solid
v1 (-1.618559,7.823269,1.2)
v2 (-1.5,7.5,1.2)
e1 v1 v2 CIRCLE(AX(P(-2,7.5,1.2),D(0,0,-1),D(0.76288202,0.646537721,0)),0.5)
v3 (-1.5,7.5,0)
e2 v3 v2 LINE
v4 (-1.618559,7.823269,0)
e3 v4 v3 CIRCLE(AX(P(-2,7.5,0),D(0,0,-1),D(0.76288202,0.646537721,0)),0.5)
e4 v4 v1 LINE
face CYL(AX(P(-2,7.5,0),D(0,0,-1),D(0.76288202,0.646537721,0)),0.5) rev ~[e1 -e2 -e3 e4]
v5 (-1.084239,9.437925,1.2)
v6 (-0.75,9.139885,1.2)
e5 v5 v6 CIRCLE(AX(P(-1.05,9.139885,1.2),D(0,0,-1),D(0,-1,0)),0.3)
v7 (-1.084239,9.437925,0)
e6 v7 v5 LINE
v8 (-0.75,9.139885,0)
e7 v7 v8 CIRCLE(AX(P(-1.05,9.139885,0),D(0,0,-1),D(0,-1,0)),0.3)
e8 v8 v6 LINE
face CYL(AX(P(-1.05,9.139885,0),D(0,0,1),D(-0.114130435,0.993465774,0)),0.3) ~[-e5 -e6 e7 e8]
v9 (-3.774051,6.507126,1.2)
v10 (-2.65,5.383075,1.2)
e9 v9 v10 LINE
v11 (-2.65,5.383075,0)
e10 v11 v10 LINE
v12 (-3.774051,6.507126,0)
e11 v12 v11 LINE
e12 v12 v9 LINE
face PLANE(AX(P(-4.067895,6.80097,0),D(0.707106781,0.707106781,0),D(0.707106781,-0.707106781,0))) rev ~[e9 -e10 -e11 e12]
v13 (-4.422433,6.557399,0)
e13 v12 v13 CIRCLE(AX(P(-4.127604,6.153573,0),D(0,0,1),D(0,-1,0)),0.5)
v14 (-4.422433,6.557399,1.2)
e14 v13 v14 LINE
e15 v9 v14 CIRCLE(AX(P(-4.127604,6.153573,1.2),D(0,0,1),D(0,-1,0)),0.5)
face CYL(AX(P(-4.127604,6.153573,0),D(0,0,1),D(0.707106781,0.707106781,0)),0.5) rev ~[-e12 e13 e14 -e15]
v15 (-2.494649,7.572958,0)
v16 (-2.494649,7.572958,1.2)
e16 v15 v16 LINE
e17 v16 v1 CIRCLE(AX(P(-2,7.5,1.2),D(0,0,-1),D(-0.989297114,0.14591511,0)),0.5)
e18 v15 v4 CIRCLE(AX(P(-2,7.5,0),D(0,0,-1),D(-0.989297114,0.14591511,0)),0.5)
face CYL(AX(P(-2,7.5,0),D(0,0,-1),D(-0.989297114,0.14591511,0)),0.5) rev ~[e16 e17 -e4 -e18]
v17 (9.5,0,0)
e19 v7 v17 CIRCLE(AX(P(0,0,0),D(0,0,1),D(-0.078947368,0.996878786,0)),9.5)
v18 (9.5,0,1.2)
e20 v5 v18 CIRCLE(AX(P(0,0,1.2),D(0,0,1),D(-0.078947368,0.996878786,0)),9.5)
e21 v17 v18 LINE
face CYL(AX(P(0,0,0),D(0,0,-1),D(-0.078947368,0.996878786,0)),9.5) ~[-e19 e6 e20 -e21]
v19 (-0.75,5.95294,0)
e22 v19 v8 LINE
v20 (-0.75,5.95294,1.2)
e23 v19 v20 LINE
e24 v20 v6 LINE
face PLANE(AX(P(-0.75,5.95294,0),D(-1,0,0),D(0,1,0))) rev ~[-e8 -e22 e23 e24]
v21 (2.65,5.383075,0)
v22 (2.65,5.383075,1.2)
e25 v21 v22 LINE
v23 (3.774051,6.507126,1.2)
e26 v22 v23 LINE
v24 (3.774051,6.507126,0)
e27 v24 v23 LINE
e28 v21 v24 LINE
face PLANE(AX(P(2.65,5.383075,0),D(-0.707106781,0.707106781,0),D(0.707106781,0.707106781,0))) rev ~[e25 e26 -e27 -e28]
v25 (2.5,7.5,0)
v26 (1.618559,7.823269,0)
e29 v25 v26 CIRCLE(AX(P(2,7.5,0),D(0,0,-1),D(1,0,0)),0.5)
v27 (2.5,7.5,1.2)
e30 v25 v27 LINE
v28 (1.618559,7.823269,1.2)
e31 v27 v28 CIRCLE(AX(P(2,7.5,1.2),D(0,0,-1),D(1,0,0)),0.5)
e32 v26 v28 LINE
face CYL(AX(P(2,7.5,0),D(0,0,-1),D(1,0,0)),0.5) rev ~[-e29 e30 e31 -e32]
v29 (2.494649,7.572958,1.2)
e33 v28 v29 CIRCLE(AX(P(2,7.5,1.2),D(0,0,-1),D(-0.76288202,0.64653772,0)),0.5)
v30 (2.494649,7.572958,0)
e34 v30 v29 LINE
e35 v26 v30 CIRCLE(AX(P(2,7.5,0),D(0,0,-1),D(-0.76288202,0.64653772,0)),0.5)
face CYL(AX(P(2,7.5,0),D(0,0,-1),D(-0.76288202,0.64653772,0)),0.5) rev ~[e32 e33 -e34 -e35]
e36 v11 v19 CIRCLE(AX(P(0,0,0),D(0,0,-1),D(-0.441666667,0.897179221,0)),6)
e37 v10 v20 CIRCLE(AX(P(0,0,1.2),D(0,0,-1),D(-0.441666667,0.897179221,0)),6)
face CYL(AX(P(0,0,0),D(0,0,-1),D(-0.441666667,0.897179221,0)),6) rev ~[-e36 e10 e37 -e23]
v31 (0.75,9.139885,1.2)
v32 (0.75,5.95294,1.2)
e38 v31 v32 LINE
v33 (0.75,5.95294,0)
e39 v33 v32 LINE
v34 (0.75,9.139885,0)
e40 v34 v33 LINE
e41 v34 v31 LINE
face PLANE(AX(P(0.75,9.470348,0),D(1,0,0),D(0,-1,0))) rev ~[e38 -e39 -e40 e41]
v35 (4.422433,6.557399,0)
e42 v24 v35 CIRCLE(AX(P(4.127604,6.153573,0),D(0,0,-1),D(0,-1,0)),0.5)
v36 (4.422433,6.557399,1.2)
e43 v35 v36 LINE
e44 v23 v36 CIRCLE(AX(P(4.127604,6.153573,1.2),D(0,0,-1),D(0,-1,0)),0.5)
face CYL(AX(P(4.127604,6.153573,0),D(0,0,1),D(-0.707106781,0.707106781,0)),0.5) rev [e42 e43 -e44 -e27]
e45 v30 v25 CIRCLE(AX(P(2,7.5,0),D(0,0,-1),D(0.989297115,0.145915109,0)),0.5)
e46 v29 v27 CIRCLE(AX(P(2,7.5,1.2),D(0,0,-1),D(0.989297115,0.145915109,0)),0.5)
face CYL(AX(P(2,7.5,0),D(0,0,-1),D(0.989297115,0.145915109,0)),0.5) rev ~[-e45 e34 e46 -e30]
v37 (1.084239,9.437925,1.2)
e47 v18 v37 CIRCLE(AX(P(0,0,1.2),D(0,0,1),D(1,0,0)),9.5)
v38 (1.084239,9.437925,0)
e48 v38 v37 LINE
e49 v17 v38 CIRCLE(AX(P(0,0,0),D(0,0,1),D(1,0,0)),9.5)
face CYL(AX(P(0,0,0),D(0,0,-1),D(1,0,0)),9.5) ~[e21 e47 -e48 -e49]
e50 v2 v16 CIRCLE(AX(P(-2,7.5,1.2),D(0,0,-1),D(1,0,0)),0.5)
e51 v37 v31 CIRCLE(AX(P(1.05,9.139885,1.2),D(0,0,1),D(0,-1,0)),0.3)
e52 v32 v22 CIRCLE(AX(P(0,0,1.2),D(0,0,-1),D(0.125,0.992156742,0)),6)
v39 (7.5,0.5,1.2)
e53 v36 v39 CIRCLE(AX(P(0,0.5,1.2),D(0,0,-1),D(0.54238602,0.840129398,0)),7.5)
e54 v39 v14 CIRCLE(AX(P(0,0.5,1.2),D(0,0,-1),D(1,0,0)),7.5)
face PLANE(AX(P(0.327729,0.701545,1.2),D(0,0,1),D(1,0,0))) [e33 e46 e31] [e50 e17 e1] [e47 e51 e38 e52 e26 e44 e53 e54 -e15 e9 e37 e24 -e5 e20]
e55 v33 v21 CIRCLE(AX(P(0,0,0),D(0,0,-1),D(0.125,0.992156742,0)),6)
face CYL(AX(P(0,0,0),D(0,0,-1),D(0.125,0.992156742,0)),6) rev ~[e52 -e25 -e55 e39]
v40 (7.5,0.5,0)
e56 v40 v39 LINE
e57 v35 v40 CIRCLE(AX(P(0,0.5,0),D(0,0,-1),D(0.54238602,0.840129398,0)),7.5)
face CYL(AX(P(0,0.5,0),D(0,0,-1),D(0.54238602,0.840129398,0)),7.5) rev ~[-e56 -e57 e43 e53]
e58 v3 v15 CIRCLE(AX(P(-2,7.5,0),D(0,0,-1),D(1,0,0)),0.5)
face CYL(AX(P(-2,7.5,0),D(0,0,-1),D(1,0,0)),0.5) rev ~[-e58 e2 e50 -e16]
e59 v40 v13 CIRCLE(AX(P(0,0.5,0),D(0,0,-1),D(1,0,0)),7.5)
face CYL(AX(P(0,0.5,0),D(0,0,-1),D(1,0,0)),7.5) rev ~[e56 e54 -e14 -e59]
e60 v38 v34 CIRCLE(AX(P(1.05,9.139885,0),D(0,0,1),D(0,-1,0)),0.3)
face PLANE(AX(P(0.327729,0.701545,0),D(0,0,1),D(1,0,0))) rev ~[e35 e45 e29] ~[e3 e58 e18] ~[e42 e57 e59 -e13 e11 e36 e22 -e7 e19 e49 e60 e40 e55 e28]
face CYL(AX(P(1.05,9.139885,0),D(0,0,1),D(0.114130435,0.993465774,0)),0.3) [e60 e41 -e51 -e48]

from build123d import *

# Parameters (mm, degrees)
F1_DEPTH = 1.2
F2_R     = 0.3
F3_R     = 0.5


with BuildPart() as f1:
    # F0 (on Top) → F1 (new body)
    with BuildSketch(Plane.XY):
        with BuildLine():
            ThreePointArc((-0.75, 9.4703484624), (-6.4468984791, -6.9776428685), (9.5, 0))
            ThreePointArc((9.5, 0), (6.9776428685, 6.4468984791), (0.75, 9.4703484624))
            Line((0.75, 9.4703484624), (0.75, 7.9624057783))
            ThreePointArc((0.75, 7.9624057783), (1.1863210749, 7.9055818345), (1.61855899, 7.82326886))
            ThreePointArc((1.61855899, 7.82326886), (2.1373605639, 7.9807619738), (2.4946485572, 7.5729575551))
            ThreePointArc((2.4946485572, 7.5729575551), (3.3038970926, 7.2330724043), (4.0678951533, 6.8009704825))
            ThreePointArc((4.0678951533, 6.8009704825), (6.5863196722, 4.0875330208), (7.5, 0.5))
            ThreePointArc((7.5, 0.5), (-3.5875330208, -6.0863196722), (-4.0678951533, 6.8009704825))
            ThreePointArc((-4.0678951533, 6.8009704825), (-3.3038970926, 7.2330724043), (-2.4946485572, 7.5729575551))
            ThreePointArc((-2.4946485572, 7.5729575551), (-2.1373605639, 7.9807619738), (-1.61855899, 7.82326886))
            ThreePointArc((-1.61855899, 7.82326886), (-1.1863210749, 7.9055818345), (-0.75, 7.9624057783))
            Line((-0.75, 7.9624057783), (-0.75, 9.4703484624))
        make_face()
        with BuildLine():
            Line((-0.75, 5.9529404499), (-0.75, 7.9624057783))
            ThreePointArc((-0.75, 7.9624057783), (-1.1863210749, 7.9055818345), (-1.61855899, 7.82326886))
            ThreePointArc((-1.61855899, 7.82326886), (-1.5305745506, 7.6721619804), (-1.5, 7.5))
            ThreePointArc((-1.5, 7.5), (-2.0365767781, 7.0013396554), (-2.4946485572, 7.5729575551))
            ThreePointArc((-2.4946485572, 7.5729575551), (-3.3038970926, 7.2330724043), (-4.0678951533, 6.8009704825))
            Line((-4.0678951533, 6.8009704825), (-2.65, 5.3830753292))
            ThreePointArc((-2.65, 5.3830753292), (-1.7237130167, 5.7470699871), (-0.75, 5.9529404499))
        make_face()
        with BuildLine():
            ThreePointArc((1.61855899, 7.82326886), (1.1863210749, 7.9055818345), (0.75, 7.9624057783))
            Line((0.75, 7.9624057783), (0.75, 5.9529404499))
            ThreePointArc((0.75, 5.9529404499), (1.7237130167, 5.7470699871), (2.65, 5.3830753292))
            Line((2.65, 5.3830753292), (4.0678951533, 6.8009704825))
            ThreePointArc((4.0678951533, 6.8009704825), (3.3038970926, 7.2330724043), (2.4946485572, 7.5729575551))
            ThreePointArc((2.4946485572, 7.5729575551), (2.4986603446, 7.5365767781), (2.5, 7.5))
            ThreePointArc((2.5, 7.5), (1.8278380196, 7.0305745506), (1.61855899, 7.82326886))
        make_face()
    extrude(amount=F1_DEPTH)

    # F2
    f2_edges = [f1.edges().sort_by_distance(p)[0] for p in [
        (-0.75, 9.470348, 0.6),
        (0.75, 9.470348, 0.6),
    ]]
    fillet(f2_edges, radius=F2_R)

    # F3
    f3_edges = [f1.edges().sort_by_distance(p)[0] for p in [
        (-4.067895, 6.80097, 0.6),
        (4.067895, 6.80097, 0.6),
    ]]
    fillet(f3_edges, radius=F3_R)


solid = f1.part
